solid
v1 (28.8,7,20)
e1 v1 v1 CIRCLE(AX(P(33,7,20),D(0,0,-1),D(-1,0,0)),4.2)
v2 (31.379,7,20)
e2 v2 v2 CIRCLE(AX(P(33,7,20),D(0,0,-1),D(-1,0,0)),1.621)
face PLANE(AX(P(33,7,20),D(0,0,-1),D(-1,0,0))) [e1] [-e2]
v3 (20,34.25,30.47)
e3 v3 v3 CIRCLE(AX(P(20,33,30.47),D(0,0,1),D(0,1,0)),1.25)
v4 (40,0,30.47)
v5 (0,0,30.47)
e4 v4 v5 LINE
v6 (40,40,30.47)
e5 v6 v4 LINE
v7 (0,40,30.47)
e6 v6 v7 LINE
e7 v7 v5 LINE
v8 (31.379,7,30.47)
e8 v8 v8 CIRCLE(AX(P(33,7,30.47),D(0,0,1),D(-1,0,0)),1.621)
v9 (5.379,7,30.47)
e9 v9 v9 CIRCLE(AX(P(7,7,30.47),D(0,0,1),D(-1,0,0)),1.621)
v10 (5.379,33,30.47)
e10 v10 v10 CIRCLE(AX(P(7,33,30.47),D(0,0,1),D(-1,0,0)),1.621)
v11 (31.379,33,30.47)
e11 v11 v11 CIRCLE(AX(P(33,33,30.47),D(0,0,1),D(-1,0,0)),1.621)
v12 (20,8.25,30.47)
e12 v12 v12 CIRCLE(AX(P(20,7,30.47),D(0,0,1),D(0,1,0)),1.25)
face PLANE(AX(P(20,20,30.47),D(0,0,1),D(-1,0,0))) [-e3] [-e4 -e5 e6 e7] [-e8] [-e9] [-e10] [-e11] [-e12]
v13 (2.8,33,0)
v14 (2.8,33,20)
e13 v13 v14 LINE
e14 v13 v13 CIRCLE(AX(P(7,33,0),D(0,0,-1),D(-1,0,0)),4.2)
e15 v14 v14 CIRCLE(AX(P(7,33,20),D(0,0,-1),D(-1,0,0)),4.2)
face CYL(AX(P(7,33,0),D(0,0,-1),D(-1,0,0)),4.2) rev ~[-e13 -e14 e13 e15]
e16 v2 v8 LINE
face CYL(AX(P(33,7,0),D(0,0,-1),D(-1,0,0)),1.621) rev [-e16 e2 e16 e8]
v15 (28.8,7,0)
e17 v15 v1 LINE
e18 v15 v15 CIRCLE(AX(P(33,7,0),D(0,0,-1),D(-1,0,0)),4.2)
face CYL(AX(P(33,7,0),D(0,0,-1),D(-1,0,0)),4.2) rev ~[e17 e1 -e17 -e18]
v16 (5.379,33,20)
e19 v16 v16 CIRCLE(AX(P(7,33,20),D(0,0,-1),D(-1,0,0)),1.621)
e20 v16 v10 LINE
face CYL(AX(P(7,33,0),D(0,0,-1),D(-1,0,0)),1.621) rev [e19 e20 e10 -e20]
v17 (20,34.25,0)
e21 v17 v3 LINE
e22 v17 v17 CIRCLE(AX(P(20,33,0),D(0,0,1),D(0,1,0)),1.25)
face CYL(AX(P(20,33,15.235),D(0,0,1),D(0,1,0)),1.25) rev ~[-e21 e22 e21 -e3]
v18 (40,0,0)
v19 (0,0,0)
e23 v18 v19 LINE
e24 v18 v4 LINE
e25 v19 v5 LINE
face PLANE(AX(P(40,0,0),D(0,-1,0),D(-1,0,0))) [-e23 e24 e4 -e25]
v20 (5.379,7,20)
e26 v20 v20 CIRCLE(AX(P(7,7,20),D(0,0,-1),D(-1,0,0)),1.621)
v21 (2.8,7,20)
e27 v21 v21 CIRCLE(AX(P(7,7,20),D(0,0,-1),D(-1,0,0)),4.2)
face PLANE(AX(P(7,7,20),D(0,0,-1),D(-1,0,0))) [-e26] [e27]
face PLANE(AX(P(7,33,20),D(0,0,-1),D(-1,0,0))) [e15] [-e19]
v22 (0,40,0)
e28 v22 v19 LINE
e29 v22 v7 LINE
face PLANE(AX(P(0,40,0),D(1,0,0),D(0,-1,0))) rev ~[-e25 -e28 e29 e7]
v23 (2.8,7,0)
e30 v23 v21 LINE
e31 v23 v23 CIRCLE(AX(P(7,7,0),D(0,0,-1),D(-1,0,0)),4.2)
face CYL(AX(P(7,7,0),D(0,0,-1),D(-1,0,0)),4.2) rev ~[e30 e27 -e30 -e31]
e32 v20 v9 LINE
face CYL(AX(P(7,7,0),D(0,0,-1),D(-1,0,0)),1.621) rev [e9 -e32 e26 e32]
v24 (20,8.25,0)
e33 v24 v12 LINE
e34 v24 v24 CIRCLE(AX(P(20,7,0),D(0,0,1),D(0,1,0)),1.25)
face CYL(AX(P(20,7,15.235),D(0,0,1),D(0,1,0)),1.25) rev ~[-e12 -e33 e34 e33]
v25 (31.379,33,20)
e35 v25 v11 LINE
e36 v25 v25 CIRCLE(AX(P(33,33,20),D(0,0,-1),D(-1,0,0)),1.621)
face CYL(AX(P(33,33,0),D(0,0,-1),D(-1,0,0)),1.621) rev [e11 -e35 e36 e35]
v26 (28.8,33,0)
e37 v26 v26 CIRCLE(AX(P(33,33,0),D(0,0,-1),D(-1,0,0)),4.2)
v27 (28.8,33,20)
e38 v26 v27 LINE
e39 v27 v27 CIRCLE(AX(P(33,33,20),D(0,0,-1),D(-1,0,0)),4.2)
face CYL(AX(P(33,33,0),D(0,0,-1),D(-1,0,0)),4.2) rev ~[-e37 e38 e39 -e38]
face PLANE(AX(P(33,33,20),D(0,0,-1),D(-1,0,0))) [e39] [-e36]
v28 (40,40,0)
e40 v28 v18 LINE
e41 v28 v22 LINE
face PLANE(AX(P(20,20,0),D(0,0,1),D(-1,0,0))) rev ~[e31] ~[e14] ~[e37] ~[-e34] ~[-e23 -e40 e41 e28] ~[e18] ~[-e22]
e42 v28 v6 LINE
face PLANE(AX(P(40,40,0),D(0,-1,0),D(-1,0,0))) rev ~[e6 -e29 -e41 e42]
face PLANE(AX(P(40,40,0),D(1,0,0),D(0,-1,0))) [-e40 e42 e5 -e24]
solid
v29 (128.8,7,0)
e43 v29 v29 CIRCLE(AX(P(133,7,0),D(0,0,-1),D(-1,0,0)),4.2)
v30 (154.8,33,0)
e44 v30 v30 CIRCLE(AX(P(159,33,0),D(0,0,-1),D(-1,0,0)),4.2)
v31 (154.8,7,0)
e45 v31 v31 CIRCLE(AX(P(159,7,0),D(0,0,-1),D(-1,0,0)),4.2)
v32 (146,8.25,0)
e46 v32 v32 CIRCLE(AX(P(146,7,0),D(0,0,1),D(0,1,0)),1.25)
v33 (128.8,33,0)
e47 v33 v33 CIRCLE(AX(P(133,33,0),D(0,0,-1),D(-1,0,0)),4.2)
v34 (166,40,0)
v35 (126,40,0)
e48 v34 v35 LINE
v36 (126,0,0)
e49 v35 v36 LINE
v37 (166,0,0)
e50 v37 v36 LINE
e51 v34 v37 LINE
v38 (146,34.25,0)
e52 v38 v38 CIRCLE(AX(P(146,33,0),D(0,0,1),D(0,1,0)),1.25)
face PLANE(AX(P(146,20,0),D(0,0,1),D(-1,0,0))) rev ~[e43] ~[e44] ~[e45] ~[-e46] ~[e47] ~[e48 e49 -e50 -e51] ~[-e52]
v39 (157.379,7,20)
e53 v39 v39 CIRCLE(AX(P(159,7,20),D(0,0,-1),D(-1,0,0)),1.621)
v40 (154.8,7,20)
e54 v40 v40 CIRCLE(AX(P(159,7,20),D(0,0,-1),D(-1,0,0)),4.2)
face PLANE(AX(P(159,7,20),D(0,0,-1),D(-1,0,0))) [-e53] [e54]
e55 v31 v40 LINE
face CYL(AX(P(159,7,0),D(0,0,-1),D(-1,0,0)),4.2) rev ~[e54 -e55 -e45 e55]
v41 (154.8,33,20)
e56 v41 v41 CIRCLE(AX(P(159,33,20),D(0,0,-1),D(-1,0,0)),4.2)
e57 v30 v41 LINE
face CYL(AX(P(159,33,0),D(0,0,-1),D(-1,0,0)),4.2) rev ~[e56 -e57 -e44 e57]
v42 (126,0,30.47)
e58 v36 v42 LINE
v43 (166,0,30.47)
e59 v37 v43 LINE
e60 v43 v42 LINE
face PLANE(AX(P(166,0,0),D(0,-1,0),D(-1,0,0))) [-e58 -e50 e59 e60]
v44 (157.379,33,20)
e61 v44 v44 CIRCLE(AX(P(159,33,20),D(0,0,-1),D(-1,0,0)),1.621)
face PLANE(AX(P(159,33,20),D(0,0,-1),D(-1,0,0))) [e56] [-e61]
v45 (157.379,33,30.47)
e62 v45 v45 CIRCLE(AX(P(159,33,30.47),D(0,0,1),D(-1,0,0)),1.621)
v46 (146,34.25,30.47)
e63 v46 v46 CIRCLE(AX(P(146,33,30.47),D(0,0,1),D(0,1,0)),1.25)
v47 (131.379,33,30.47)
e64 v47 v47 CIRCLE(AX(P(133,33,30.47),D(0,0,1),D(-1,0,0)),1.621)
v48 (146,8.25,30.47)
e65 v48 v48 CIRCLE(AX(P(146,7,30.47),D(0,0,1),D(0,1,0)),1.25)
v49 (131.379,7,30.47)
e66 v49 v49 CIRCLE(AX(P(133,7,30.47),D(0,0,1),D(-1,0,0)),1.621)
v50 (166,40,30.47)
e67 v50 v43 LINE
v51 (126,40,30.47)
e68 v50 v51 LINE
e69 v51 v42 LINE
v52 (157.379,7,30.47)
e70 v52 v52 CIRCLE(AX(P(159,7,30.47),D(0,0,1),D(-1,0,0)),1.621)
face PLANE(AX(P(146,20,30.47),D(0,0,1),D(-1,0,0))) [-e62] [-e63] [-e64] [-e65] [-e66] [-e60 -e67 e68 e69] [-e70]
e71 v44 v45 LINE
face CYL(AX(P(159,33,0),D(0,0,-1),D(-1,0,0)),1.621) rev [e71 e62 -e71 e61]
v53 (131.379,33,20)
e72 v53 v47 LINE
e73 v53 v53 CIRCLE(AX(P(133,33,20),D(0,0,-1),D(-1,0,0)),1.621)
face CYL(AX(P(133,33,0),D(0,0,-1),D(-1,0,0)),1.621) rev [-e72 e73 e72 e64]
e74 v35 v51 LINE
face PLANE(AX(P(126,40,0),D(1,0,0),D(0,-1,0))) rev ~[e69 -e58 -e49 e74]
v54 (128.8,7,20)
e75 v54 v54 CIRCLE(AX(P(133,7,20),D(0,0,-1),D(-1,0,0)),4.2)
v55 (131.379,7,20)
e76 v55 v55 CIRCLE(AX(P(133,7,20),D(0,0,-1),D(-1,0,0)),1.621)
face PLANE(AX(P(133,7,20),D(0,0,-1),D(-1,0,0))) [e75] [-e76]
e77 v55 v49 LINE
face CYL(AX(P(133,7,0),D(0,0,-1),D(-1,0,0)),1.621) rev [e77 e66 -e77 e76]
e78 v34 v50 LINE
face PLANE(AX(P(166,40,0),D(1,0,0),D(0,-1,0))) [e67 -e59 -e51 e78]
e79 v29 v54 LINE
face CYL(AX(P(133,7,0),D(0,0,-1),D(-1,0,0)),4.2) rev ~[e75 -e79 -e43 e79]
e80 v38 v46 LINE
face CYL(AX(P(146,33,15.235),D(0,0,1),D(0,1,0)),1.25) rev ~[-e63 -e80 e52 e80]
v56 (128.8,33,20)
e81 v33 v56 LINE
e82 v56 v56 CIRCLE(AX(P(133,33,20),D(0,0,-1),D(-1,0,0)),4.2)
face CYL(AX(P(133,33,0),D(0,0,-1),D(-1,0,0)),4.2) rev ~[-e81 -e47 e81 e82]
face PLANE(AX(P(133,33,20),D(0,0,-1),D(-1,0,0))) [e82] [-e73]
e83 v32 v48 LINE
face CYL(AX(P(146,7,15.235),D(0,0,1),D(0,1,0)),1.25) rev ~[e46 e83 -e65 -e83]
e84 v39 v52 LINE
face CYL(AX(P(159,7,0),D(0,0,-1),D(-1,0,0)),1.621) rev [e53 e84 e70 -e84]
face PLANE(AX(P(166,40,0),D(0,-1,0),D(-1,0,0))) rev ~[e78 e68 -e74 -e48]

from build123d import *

# Parameters (mm, degrees)
SKETCH1_W                      = 40
SKETCH1_H                      = 40
SKETCH1_R                      = 1.621
BOSS_EXTRUDE1_DEPTH            = 30.47
BOSS_EXTRUDE1_2_DEPTH          = 30.47
SKETCH4_R                      = 4.2
CUT_EXTRUDE1_DEPTH             = 20
SKETCH7_W                      = 1.25
SKETCH7_H                      = 30.47
M3X0_5_TAPPED_HOLE1_AT_2_COUNT = 2
M3X0_5_TAPPED_HOLE1_AT_2_PITCH = 26
M3X0_5_TAPPED_HOLE1_AT_3_COUNT = 2
M3X0_5_TAPPED_HOLE1_AT_3_PITCH = 128.654576289
M3X0_5_TAPPED_HOLE1_AT_4_COUNT = 2
M3X0_5_TAPPED_HOLE1_AT_4_PITCH = 126


with BuildPart() as part:
    # Sketch1 → Boss-Extrude1 (new body)
    with BuildSketch(Plane(origin=(0, 0, 0), x_dir=(-1, 0, 0), z_dir=(0, 0, 1))):
        with Locations((-20, -20)):
            Rectangle(SKETCH1_W, SKETCH1_H)
        with Locations((-33, -7)):
            Circle(SKETCH1_R, mode=Mode.SUBTRACT)
        with Locations((-7, -7)):
            Circle(SKETCH1_R, mode=Mode.SUBTRACT)
        with Locations((-7, -33)):
            Circle(SKETCH1_R, mode=Mode.SUBTRACT)
        with Locations((-33, -33)):
            Circle(SKETCH1_R, mode=Mode.SUBTRACT)
    extrude(amount=BOSS_EXTRUDE1_DEPTH)


with BuildPart() as body_2:
    # Sketch1 → Boss-Extrude1 2 (new body)
    with BuildSketch(Plane(origin=(0, 0, 0), x_dir=(-1, 0, 0), z_dir=(0, 0, 1))):
        with Locations((-146, -20)):
            Rectangle(SKETCH1_W, SKETCH1_H)
        with Locations((-159, -7)):
            Circle(SKETCH1_R, mode=Mode.SUBTRACT)
        with Locations((-133, -7)):
            Circle(SKETCH1_R, mode=Mode.SUBTRACT)
        with Locations((-133, -33)):
            Circle(SKETCH1_R, mode=Mode.SUBTRACT)
        with Locations((-159, -33)):
            Circle(SKETCH1_R, mode=Mode.SUBTRACT)
    extrude(amount=BOSS_EXTRUDE1_2_DEPTH)


with BuildPart() as cut_extrude1_tool:
    # Sketch4 → Cut-Extrude1 (new body)
    with BuildSketch(Plane(origin=(0, 0, 0), x_dir=(-1, 0, 0), z_dir=(0, 0, -1))):
        with Locations((-7, 7)):
            Circle(SKETCH4_R)
        with Locations((-33, 7)):
            Circle(SKETCH4_R)
        with Locations((-7, 33)):
            Circle(SKETCH4_R)
        with Locations((-33, 33)):
            Circle(SKETCH4_R)
        with Locations((-133, 7)):
            Circle(SKETCH4_R)
        with Locations((-133, 33)):
            Circle(SKETCH4_R)
        with Locations((-159, 33)):
            Circle(SKETCH4_R)
        with Locations((-159, 7)):
            Circle(SKETCH4_R)
    extrude(amount=-CUT_EXTRUDE1_DEPTH)


with BuildPart() as part_1:
    add(part.part)

    # Cut-Extrude1: cut by cut_extrude1_tool
    add(cut_extrude1_tool.part, mode=Mode.SUBTRACT)

    # Sketch7 → M3x0.5 Tapped Hole1 (revolve, cut)
    with BuildSketch(Plane(origin=(20, 7, 0), x_dir=(0, 1, 0), z_dir=(1, 0, 0))):
        with Locations((0.625, 15.235)):
            Rectangle(SKETCH7_W, SKETCH7_H)
    m3x0_5_tapped_hole1 = revolve(axis=Axis((20, 7, -6.35), (0, 0, 1)), mode=Mode.SUBTRACT)

    # M3x0.5 Tapped Hole1 at 2: M3x0.5 Tapped Hole1 ×2
    with Locations(*[(0, i * M3X0_5_TAPPED_HOLE1_AT_2_PITCH, 0) for i in range(1, M3X0_5_TAPPED_HOLE1_AT_2_COUNT)]):
        add(m3x0_5_tapped_hole1, mode=Mode.SUBTRACT)


with BuildPart() as body_2_1:
    add(body_2.part)

    # Cut-Extrude1: cut by cut_extrude1_tool
    add(cut_extrude1_tool.part, mode=Mode.SUBTRACT)

    # M3x0.5 Tapped Hole1 at 3: M3x0.5 Tapped Hole1 ×2
    with Locations(*[Vector(0.9793666392196709, 0.20209152872786895, 0) * (i * M3X0_5_TAPPED_HOLE1_AT_3_PITCH) for i in range(1, M3X0_5_TAPPED_HOLE1_AT_3_COUNT)]):
        add(m3x0_5_tapped_hole1, mode=Mode.SUBTRACT)

    # M3x0.5 Tapped Hole1 at 4: M3x0.5 Tapped Hole1 ×2
    with Locations(*[(i * M3X0_5_TAPPED_HOLE1_AT_4_PITCH, 0, 0) for i in range(1, M3X0_5_TAPPED_HOLE1_AT_4_COUNT)]):
        add(m3x0_5_tapped_hole1, mode=Mode.SUBTRACT)


solid = Compound([part_1.part, body_2_1.part])
